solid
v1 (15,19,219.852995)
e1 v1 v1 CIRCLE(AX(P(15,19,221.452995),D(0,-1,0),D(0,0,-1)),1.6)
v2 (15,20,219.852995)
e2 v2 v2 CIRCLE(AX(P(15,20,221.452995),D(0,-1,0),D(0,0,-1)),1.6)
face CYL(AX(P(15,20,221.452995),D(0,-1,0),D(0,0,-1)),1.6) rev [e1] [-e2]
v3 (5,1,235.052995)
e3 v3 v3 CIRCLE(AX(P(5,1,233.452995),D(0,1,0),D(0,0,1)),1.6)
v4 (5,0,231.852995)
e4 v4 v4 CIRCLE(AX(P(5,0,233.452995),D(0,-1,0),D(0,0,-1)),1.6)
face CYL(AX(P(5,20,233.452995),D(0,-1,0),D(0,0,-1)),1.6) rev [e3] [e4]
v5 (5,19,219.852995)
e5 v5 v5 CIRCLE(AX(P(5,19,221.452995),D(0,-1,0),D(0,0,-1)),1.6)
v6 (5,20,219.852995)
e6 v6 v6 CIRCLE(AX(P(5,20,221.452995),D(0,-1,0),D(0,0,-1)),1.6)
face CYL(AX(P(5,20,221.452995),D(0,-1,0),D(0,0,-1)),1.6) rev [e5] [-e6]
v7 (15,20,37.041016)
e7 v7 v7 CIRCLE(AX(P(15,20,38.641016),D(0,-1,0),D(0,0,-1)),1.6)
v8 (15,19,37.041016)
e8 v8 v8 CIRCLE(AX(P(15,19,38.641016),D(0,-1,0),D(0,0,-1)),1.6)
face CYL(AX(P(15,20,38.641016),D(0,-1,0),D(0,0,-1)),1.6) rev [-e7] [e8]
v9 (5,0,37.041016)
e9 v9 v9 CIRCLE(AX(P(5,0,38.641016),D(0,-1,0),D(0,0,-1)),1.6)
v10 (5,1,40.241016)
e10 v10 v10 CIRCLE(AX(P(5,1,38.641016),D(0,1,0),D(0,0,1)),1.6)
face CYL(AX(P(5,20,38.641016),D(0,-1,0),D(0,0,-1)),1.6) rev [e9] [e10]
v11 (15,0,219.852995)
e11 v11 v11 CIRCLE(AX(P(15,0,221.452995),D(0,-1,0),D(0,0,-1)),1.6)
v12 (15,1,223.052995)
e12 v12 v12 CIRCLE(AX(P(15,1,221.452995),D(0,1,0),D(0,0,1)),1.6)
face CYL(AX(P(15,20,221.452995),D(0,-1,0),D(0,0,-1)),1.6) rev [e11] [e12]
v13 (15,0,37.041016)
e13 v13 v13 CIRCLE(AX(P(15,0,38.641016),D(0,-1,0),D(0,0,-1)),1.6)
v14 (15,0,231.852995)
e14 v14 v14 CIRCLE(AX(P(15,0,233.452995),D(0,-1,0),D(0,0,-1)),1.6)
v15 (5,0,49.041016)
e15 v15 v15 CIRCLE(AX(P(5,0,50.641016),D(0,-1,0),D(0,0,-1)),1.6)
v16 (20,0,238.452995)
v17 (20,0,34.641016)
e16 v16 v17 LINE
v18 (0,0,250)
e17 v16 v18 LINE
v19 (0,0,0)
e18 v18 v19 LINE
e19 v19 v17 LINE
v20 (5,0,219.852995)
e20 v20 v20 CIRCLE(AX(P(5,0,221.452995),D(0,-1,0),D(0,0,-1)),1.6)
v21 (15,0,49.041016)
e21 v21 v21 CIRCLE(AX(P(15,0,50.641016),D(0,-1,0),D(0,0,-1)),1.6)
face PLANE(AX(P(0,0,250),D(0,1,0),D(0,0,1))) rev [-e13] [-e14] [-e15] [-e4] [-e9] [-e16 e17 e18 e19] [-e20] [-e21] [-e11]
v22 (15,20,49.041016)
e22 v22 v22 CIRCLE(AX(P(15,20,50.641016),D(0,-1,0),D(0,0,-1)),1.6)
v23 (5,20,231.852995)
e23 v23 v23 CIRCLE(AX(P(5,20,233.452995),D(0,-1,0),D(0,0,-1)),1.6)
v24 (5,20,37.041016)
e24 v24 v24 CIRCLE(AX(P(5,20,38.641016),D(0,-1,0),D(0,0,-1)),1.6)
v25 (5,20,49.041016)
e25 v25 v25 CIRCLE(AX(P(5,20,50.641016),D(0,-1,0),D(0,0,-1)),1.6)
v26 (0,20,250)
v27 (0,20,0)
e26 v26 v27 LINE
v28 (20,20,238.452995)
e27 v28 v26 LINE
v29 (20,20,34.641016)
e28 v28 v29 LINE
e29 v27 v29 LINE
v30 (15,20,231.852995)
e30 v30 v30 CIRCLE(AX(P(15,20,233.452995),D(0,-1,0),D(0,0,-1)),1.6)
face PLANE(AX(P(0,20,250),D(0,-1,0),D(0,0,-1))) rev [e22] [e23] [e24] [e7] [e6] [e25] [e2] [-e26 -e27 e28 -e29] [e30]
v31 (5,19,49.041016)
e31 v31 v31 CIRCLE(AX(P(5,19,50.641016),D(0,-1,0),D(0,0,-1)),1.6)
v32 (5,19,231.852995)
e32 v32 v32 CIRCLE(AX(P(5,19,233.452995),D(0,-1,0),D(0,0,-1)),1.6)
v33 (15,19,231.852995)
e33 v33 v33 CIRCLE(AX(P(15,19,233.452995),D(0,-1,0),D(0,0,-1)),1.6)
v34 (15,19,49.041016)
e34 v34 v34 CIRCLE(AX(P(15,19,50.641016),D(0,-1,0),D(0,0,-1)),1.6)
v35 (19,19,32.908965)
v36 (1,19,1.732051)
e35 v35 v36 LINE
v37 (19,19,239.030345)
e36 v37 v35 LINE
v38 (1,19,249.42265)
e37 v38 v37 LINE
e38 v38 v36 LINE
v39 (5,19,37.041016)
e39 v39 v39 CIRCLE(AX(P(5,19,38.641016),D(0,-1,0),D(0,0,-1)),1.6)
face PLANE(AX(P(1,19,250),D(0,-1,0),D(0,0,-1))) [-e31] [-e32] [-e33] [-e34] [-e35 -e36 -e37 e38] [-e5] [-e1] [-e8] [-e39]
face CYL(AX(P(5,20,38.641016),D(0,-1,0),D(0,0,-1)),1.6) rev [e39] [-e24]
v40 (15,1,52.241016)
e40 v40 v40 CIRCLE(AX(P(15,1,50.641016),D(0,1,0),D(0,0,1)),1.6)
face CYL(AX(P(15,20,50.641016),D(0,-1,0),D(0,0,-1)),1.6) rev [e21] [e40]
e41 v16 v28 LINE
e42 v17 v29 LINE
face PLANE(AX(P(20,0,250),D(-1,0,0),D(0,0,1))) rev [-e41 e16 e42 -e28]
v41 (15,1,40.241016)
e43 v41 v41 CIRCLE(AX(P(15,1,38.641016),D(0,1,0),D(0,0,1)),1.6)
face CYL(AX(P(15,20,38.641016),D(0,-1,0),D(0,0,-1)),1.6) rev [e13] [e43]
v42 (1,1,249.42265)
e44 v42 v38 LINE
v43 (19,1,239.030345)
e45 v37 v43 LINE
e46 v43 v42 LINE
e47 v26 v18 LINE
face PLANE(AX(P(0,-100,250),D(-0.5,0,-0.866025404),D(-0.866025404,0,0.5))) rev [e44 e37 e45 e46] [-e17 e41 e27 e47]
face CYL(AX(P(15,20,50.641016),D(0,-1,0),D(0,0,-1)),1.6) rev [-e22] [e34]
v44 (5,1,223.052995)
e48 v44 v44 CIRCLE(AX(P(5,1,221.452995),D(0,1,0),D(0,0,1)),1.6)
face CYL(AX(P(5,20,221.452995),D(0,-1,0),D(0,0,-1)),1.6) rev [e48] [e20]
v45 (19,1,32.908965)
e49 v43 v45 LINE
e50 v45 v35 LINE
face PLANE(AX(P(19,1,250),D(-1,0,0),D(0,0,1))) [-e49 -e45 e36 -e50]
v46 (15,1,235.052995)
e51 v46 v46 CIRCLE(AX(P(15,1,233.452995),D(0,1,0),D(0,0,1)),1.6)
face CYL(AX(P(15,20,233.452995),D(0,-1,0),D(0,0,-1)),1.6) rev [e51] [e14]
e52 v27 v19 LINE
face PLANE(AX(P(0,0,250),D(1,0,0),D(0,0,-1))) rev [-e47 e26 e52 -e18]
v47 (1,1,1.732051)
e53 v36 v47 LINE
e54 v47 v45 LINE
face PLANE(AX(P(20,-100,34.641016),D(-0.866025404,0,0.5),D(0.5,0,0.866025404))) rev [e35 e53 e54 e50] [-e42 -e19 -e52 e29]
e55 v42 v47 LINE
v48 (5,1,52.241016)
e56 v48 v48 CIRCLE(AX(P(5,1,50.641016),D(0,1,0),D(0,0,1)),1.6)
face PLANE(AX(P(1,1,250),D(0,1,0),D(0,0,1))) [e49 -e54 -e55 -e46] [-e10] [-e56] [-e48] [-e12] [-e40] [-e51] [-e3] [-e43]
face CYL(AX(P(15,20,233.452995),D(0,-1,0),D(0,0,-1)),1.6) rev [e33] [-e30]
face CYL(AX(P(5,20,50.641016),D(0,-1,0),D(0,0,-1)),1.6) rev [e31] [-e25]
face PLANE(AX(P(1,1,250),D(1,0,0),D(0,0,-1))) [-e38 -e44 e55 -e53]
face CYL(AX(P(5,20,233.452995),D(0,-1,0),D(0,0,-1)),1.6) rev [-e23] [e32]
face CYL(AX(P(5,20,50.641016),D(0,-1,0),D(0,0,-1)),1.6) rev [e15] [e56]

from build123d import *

# Parameters (mm, degrees)
SKETCH_1_W          = 20
SKETCH_1_H          = 20
SKETCH_1_W_2        = 18
SKETCH_1_H_2        = 18
EXTRUDE_1_DEPTH     = 250
CUT_EXTRUDE_1_DEPTH = 120
SKETCH_3_R          = 1.6
CUT_EXTRUDE_2_DEPTH = 252.594912508


with BuildPart() as part:
    # 草图1 → 凸台-拉伸1 (new body)
    with BuildSketch(Plane.XY):
        with Locations((10, 10)):
            Rectangle(SKETCH_1_W, SKETCH_1_H)
        with Locations((10, 10)):
            Rectangle(SKETCH_1_W_2, SKETCH_1_H_2, mode=Mode.SUBTRACT)
    extrude(amount=EXTRUDE_1_DEPTH)

    # 草图2 → 切除-拉伸1 (cut)
    with BuildSketch(Plane(origin=(0, 20, 0), x_dir=(1, 0, 0), z_dir=(0, 1, 0))):
        Polygon((0, 0), (20, 0), (20, -34.641016151), align=None)
        Polygon((0, -250), (20, -238.452994616), (20, -250), align=None)
    extrude(amount=-CUT_EXTRUDE_1_DEPTH, mode=Mode.SUBTRACT)

    # 草图3 → 切除-拉伸2 (cut, through all)
    with BuildSketch(Plane.XZ):
        with Locations((5, 233.452994616)):
            Circle(SKETCH_3_R)
        with Locations((15, 233.452994616)):
            Circle(SKETCH_3_R)
        with Locations((15, 221.452994616)):
            Circle(SKETCH_3_R)
        with Locations((5, 221.452994616)):
            Circle(SKETCH_3_R)
        with Locations((15, 38.641016151)):
            Circle(SKETCH_3_R)
        with Locations((5, 38.641016151)):
            Circle(SKETCH_3_R)
        with Locations((15, 50.641016151)):
            Circle(SKETCH_3_R)
        with Locations((5, 50.641016151)):
            Circle(SKETCH_3_R)
    extrude(amount=-CUT_EXTRUDE_2_DEPTH, mode=Mode.SUBTRACT)


solid = part.part
